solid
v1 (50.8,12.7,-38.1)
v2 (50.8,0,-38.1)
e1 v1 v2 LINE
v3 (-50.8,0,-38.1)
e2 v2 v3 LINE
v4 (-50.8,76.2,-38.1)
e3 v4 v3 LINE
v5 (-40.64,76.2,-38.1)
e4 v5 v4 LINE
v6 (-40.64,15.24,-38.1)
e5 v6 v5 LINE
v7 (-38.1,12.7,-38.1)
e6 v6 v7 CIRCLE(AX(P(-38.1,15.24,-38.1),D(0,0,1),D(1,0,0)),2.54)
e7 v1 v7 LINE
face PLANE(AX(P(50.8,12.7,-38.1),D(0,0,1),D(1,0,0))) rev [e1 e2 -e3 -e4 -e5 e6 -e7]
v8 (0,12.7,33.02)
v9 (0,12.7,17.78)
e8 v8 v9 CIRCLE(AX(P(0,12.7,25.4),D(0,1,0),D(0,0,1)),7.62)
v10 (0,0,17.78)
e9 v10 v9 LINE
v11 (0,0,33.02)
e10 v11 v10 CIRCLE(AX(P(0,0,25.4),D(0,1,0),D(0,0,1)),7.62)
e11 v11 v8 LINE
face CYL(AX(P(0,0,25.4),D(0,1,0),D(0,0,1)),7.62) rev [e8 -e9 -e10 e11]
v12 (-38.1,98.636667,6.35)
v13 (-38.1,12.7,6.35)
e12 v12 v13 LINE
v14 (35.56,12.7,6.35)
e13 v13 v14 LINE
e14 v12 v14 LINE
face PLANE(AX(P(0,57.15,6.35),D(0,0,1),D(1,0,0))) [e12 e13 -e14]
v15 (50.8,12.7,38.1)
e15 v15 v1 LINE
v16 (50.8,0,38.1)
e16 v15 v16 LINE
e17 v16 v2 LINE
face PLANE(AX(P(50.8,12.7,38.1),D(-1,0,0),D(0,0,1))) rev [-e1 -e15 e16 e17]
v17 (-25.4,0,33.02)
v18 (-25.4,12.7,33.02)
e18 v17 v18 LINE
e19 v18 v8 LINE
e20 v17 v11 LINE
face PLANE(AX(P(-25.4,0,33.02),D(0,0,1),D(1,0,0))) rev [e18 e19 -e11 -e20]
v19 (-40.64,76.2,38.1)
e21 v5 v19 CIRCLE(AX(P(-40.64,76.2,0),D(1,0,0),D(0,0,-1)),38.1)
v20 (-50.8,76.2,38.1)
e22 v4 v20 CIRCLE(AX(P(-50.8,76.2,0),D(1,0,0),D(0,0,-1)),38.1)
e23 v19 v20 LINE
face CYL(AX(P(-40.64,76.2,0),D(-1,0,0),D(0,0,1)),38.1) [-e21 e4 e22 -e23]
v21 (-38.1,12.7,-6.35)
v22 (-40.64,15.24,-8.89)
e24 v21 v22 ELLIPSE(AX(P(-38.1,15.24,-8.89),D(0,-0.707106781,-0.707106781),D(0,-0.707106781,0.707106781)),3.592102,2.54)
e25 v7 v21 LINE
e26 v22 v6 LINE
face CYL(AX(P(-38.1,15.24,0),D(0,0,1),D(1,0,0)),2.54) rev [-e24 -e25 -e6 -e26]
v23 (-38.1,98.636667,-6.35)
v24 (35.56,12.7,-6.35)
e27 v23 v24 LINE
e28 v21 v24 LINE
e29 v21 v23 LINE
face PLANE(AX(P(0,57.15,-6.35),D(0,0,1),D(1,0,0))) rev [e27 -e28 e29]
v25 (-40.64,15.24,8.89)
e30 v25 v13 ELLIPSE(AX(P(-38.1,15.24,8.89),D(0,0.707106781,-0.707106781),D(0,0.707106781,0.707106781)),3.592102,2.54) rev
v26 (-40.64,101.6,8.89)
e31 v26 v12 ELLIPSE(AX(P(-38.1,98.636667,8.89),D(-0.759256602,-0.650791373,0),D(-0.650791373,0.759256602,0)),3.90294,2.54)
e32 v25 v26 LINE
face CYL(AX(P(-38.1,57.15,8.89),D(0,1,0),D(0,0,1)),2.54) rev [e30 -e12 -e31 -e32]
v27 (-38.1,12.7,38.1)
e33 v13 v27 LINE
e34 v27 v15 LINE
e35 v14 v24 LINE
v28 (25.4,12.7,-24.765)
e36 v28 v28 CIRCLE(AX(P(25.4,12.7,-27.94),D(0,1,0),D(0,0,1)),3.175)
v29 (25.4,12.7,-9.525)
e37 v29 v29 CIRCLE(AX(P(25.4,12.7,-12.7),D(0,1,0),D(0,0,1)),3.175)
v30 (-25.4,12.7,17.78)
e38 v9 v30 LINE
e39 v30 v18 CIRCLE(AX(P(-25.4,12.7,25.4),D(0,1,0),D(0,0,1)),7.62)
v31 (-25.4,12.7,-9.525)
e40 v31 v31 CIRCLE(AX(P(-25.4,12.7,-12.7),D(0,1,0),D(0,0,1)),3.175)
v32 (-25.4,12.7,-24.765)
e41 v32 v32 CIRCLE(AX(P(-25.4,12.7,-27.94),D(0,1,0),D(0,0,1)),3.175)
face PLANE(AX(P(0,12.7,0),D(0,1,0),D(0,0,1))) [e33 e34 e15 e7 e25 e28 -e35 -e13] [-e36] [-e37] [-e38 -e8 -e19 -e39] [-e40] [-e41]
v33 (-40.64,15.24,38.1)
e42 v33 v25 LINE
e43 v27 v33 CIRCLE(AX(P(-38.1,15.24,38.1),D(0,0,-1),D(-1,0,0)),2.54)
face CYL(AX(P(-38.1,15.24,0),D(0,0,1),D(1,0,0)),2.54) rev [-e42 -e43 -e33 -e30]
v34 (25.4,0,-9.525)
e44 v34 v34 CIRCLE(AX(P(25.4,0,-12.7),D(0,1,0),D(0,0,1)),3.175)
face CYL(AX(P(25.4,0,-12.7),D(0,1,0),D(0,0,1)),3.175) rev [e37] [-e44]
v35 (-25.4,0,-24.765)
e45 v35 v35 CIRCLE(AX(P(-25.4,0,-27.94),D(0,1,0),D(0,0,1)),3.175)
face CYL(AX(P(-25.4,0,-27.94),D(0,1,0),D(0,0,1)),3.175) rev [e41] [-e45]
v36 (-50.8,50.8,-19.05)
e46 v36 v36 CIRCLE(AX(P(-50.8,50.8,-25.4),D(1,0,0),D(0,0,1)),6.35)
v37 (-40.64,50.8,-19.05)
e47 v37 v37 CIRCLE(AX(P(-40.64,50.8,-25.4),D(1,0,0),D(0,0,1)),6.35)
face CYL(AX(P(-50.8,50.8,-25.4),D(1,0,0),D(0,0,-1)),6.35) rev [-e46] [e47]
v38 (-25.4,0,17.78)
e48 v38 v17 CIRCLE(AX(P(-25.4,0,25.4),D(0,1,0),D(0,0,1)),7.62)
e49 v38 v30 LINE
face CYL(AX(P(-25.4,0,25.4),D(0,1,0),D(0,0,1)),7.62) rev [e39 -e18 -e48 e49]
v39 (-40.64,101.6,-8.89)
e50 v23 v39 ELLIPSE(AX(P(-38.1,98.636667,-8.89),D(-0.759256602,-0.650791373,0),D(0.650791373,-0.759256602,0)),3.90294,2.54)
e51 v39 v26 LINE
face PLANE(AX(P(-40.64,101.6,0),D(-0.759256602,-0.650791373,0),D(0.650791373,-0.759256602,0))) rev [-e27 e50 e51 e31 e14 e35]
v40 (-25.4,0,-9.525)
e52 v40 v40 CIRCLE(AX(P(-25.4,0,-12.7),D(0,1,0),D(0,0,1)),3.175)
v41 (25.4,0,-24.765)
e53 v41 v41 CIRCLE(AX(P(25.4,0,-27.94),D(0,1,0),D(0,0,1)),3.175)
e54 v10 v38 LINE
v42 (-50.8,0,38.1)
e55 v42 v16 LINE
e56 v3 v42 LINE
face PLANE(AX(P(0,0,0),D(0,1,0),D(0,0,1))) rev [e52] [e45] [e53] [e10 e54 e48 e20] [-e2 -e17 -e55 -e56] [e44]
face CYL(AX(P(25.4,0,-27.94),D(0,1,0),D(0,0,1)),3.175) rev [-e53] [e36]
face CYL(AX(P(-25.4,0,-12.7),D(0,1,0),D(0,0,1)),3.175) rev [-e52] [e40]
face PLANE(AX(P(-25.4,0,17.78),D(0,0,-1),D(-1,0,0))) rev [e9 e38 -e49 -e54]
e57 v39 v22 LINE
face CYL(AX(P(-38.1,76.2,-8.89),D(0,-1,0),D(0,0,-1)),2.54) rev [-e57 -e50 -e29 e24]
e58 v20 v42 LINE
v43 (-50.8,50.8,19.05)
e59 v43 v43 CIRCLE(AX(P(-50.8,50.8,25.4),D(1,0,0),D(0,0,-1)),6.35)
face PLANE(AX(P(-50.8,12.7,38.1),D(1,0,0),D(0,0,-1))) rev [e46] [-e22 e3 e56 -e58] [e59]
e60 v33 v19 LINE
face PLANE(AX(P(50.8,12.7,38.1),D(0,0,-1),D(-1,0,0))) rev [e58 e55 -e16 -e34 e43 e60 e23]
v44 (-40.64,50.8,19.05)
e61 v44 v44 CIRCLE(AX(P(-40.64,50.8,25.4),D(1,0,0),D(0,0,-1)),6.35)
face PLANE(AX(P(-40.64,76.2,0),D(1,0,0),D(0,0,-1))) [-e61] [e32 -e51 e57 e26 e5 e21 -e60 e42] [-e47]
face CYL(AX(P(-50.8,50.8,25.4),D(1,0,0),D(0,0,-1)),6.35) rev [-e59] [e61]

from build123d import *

# Parameters (mm, degrees)
SKETCH1_W           = 101.6
SKETCH1_H           = 76.2
BOSS_EXTRUDE4_DEPTH = 12.7
BOSS_EXTRUDE5_DEPTH = 10.16
SKETCH5_R           = 3.175
CUT_EXTRUDE1_DEPTH  = 120.811560377
SKETCH6_R           = 6.35
CUT_EXTRUDE2_DEPTH  = 152.252681299
RIB1_REACH          = 132.755
SKETCH7_WALL_W      = 380.597220188
SKETCH7_WALL_H      = 12.7
FILLET2_R           = 2.54


with BuildPart() as part:
    # Sketch1 → Boss-Extrude4 (new body)
    with BuildSketch(Plane(origin=(0, 0, 0), x_dir=(1, 0, 0), z_dir=(0, 1, 0))):
        Rectangle(SKETCH1_W, SKETCH1_H)
    extrude(amount=BOSS_EXTRUDE4_DEPTH)

    # Sketch4 → Boss-Extrude5 (add)
    with BuildSketch(Plane.ZY.offset(50.8)):
        with BuildLine():
            Line((38.1, 0), (38.1, 76.2))
            ThreePointArc((38.1, 76.2), (0, 114.3), (-38.1, 76.2))
            Line((-38.1, 76.2), (-38.1, 0))
            Line((-38.1, 0), (38.1, 0))
        make_face()
    extrude(amount=-BOSS_EXTRUDE5_DEPTH)

    # Sketch5 → Cut-Extrude1 (cut, through all)
    with BuildSketch(Plane(origin=(0, 12.7, 0), x_dir=(1, 0, 0), z_dir=(0, 1, 0))):
        with Locations(Location((-25.4, 27.94, 0), (0, 0, 270))):
            Circle(SKETCH5_R)
        with Locations(Location((25.4, 27.94, 0), (0, 0, 270))):
            Circle(SKETCH5_R)
        with Locations(Location((25.4, 12.7, 0), (0, 0, 270))):
            Circle(SKETCH5_R)
        with Locations(Location((-25.4, 12.7, 0), (0, 0, 270))):
            Circle(SKETCH5_R)
        with BuildLine():
            Line((-25.4, -17.78), (0, -17.78))
            ThreePointArc((0, -17.78), (7.62, -25.4), (0, -33.02))
            Line((0, -33.02), (-25.4, -33.02))
            ThreePointArc((-25.4, -33.02), (-33.02, -25.4), (-25.4, -17.78))
        make_face()
    extrude(amount=-CUT_EXTRUDE1_DEPTH, mode=Mode.SUBTRACT)

    # Sketch6 → Cut-Extrude2 (cut, through all)
    with BuildSketch(Plane(origin=(-40.64, 0, 0), x_dir=(0, 0, -1), z_dir=(1, 0, 0))):
        with Locations((-25.4, 50.8)):
            Circle(SKETCH6_R)
        with Locations(Location((25.4, 50.8, 0), (0, 0, 180))):
            Circle(SKETCH6_R)
    extrude(amount=-CUT_EXTRUDE2_DEPTH, mode=Mode.SUBTRACT)

    # Sketch7 wall → Rib1 (add, up to next)
    with BuildSketch(Plane(origin=(-2.54, 57.15, 0), x_dir=(0.650791373456, -0.759256602365, 0), z_dir=(0.759256602365, 0.650791373456, 0)), mode=Mode.PRIVATE) as rib1_sk1:
        Rectangle(SKETCH7_WALL_W, SKETCH7_WALL_H)
    rib1_tool1 = extrude(rib1_sk1.sketch, amount=-RIB1_REACH, mode=Mode.PRIVATE) - part.part
    add(rib1_tool1.solids().sort_by_distance((-2.54, 57.15, 0))[0])

    # Fillet2
    fillet2_edges = [part.edges().sort_by_distance(p)[0] for p in [
        (-40.64, 12.7, 22.225),
        (-40.64, 12.7, -22.225),
        (-40.64, 57.15, -6.35),
        (-40.64, 57.15, 6.35),
    ]]
    fillet(fillet2_edges, radius=FILLET2_R)


solid = part.part
